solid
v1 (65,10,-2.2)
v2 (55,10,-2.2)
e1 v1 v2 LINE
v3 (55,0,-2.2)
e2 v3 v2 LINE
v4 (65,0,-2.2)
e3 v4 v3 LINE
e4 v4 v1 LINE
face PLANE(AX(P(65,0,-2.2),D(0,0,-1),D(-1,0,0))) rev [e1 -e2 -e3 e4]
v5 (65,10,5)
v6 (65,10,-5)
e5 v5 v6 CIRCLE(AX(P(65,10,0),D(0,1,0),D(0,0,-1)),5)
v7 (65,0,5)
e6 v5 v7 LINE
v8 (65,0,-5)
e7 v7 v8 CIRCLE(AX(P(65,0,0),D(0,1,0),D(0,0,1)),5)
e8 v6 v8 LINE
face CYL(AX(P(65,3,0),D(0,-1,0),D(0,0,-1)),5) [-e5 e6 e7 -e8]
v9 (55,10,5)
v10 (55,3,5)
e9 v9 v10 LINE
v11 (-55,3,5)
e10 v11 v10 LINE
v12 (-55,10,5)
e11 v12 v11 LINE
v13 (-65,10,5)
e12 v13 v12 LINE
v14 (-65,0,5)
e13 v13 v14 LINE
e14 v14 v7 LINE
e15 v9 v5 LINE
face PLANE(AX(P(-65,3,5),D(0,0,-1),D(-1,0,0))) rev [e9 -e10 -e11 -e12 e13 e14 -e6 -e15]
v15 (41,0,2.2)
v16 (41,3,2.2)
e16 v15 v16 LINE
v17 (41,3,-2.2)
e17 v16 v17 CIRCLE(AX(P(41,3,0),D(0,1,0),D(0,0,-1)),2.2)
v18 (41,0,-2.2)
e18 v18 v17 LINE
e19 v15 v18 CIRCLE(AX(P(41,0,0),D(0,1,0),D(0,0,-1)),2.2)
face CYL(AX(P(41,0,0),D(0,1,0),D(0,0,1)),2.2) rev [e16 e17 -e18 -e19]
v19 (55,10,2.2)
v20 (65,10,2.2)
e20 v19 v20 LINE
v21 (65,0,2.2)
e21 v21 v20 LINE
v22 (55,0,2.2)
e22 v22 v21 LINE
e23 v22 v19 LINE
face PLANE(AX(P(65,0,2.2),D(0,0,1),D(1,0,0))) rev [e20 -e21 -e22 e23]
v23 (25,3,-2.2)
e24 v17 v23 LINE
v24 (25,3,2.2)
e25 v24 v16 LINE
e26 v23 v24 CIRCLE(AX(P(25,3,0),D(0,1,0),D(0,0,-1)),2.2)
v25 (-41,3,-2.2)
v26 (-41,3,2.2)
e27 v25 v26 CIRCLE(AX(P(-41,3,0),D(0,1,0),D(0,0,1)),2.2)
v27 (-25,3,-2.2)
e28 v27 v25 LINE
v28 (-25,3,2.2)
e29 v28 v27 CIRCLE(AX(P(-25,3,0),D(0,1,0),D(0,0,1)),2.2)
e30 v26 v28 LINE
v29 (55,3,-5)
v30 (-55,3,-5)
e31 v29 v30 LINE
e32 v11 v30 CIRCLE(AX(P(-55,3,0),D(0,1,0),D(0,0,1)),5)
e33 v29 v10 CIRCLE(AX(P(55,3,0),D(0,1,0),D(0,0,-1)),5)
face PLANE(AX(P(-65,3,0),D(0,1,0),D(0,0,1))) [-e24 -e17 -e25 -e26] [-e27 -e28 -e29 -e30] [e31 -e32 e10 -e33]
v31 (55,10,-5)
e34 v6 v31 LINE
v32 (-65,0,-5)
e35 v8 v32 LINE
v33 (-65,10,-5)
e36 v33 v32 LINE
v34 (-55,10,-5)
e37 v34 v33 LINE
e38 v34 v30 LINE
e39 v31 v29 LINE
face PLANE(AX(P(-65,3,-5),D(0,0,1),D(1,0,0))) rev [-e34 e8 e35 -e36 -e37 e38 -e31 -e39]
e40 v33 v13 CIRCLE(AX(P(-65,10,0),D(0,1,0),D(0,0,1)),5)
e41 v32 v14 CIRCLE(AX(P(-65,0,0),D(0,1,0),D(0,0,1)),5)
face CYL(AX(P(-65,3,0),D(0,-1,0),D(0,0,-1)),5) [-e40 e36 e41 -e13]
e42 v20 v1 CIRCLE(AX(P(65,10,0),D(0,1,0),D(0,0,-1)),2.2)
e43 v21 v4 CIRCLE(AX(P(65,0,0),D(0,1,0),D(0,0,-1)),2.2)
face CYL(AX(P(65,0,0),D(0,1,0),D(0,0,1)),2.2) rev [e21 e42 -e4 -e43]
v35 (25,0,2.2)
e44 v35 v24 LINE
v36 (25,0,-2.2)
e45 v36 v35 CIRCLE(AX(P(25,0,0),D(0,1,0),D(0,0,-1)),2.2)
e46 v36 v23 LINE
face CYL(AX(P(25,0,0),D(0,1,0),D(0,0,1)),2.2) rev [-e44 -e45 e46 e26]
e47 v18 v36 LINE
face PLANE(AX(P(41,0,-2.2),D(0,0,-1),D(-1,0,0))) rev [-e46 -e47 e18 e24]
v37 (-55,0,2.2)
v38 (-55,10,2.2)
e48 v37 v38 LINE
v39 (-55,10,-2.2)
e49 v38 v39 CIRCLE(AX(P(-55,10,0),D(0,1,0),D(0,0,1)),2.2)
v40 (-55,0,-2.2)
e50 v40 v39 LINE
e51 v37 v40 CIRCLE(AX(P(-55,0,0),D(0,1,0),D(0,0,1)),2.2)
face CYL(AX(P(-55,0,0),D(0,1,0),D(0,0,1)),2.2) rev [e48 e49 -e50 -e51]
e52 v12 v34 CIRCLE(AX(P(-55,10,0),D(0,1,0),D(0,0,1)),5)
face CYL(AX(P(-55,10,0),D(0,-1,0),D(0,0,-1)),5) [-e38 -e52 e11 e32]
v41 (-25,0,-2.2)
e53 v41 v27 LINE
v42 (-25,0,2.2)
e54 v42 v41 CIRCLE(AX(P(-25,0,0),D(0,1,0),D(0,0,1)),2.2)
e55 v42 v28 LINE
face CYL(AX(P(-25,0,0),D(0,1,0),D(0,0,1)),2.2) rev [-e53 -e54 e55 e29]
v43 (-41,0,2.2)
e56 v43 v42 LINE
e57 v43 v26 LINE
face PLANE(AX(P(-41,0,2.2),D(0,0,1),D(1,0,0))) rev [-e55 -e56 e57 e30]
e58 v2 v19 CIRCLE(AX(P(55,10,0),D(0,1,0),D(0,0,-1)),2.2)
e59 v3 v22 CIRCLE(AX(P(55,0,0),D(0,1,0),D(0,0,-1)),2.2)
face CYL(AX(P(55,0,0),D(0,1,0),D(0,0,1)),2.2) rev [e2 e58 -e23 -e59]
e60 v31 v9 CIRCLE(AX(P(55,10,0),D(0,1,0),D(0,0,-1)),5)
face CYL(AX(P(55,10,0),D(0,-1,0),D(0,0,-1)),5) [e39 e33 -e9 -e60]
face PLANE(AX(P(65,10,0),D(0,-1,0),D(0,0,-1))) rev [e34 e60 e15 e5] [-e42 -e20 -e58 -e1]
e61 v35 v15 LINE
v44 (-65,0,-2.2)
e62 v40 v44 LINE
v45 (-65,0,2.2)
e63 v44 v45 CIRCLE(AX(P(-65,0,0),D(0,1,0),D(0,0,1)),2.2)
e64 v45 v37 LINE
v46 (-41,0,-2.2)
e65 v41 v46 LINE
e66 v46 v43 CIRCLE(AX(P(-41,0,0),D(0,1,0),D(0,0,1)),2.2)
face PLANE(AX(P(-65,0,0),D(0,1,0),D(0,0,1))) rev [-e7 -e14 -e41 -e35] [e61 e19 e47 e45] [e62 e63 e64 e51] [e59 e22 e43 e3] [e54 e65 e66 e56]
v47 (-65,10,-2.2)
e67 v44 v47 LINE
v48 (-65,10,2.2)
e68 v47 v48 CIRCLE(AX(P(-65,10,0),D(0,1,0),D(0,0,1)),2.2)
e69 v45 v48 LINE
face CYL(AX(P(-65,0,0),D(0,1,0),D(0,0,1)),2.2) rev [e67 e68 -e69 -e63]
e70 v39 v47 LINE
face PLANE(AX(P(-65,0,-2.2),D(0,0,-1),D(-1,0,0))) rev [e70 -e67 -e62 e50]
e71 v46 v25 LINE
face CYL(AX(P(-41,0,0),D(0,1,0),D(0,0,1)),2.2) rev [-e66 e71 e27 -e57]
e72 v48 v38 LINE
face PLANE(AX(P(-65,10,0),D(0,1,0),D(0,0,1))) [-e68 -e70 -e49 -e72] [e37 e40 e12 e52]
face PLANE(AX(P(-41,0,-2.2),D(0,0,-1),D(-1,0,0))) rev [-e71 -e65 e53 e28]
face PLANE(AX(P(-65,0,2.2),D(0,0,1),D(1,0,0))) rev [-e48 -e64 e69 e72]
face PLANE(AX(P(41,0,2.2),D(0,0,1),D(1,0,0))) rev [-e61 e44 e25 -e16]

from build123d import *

# Parameters (mm, degrees)
EXTRUDE_1_DEPTH     = 3
EXTRUDE_2_DEPTH     = 7
CUT_EXTRUDE_1_DEPTH = 71.887234394
CUT_EXTRUDE_2_DEPTH = 71.52659073


with BuildPart() as part:
    # 草图1 → 凸台-拉伸1 (new body)
    with BuildSketch(Plane(origin=(0, 0, 0), x_dir=(1, 0, 0), z_dir=(0, 1, 0))):
        with BuildLine():
            Line((-65, 5), (65, 5))
            ThreePointArc((65, 5), (70, 0), (65, -5))
            Line((65, -5), (-65, -5))
            ThreePointArc((-65, -5), (-70, 0), (-65, 5))
        make_face()
    extrude(amount=EXTRUDE_1_DEPTH)

    # 草图2 → 凸台-拉伸2 (add)
    with BuildSketch(Plane(origin=(0, 3, 0), x_dir=(1, 0, 0), z_dir=(0, 1, 0))):
        with BuildLine():
            Line((-65, 5), (-55, 5))
            ThreePointArc((-55, 5), (-50, 0), (-55, -5))
            Line((-55, -5), (-65, -5))
            ThreePointArc((-65, -5), (-70, 0), (-65, 5))
        make_face()
        with BuildLine():
            Line((65, 5), (55, 5))
            ThreePointArc((55, 5), (50, 0), (55, -5))
            Line((55, -5), (65, -5))
            ThreePointArc((65, -5), (70, 0), (65, 5))
        make_face()
    extrude(amount=EXTRUDE_2_DEPTH)

    # 草图3 → 切除-拉伸1 (cut, through all)
    with BuildSketch(Plane(origin=(0, 10, 0), x_dir=(1, 0, 0), z_dir=(0, 1, 0))):
        with BuildLine():
            Line((-65, 2.2), (-55, 2.2))
            ThreePointArc((-55, 2.2), (-52.8, 0), (-55, -2.2))
            Line((-55, -2.2), (-65, -2.2))
            ThreePointArc((-65, -2.2), (-67.2, 0), (-65, 2.2))
        make_face()
        with BuildLine():
            Line((65, 2.2), (55, 2.2))
            ThreePointArc((55, 2.2), (52.8, 0), (55, -2.2))
            Line((55, -2.2), (65, -2.2))
            ThreePointArc((65, -2.2), (67.2, 0), (65, 2.2))
        make_face()
    extrude(amount=-CUT_EXTRUDE_1_DEPTH, mode=Mode.SUBTRACT)

    # 草图4 → 切除-拉伸2 (cut, through all)
    with BuildSketch(Plane(origin=(0, 3, 0), x_dir=(1, 0, 0), z_dir=(0, 1, 0))):
        with BuildLine():
            Line((-41, 2.2), (-25, 2.2))
            ThreePointArc((-25, 2.2), (-22.8, 0), (-25, -2.2))
            Line((-25, -2.2), (-41, -2.2))
            ThreePointArc((-41, -2.2), (-43.2, 0), (-41, 2.2))
        make_face()
        with BuildLine():
            Line((41, 2.2), (25, 2.2))
            ThreePointArc((25, 2.2), (22.8, 0), (25, -2.2))
            Line((25, -2.2), (41, -2.2))
            ThreePointArc((41, -2.2), (43.2, 0), (41, 2.2))
        make_face()
    extrude(amount=-CUT_EXTRUDE_2_DEPTH, mode=Mode.SUBTRACT)


solid = part.part
